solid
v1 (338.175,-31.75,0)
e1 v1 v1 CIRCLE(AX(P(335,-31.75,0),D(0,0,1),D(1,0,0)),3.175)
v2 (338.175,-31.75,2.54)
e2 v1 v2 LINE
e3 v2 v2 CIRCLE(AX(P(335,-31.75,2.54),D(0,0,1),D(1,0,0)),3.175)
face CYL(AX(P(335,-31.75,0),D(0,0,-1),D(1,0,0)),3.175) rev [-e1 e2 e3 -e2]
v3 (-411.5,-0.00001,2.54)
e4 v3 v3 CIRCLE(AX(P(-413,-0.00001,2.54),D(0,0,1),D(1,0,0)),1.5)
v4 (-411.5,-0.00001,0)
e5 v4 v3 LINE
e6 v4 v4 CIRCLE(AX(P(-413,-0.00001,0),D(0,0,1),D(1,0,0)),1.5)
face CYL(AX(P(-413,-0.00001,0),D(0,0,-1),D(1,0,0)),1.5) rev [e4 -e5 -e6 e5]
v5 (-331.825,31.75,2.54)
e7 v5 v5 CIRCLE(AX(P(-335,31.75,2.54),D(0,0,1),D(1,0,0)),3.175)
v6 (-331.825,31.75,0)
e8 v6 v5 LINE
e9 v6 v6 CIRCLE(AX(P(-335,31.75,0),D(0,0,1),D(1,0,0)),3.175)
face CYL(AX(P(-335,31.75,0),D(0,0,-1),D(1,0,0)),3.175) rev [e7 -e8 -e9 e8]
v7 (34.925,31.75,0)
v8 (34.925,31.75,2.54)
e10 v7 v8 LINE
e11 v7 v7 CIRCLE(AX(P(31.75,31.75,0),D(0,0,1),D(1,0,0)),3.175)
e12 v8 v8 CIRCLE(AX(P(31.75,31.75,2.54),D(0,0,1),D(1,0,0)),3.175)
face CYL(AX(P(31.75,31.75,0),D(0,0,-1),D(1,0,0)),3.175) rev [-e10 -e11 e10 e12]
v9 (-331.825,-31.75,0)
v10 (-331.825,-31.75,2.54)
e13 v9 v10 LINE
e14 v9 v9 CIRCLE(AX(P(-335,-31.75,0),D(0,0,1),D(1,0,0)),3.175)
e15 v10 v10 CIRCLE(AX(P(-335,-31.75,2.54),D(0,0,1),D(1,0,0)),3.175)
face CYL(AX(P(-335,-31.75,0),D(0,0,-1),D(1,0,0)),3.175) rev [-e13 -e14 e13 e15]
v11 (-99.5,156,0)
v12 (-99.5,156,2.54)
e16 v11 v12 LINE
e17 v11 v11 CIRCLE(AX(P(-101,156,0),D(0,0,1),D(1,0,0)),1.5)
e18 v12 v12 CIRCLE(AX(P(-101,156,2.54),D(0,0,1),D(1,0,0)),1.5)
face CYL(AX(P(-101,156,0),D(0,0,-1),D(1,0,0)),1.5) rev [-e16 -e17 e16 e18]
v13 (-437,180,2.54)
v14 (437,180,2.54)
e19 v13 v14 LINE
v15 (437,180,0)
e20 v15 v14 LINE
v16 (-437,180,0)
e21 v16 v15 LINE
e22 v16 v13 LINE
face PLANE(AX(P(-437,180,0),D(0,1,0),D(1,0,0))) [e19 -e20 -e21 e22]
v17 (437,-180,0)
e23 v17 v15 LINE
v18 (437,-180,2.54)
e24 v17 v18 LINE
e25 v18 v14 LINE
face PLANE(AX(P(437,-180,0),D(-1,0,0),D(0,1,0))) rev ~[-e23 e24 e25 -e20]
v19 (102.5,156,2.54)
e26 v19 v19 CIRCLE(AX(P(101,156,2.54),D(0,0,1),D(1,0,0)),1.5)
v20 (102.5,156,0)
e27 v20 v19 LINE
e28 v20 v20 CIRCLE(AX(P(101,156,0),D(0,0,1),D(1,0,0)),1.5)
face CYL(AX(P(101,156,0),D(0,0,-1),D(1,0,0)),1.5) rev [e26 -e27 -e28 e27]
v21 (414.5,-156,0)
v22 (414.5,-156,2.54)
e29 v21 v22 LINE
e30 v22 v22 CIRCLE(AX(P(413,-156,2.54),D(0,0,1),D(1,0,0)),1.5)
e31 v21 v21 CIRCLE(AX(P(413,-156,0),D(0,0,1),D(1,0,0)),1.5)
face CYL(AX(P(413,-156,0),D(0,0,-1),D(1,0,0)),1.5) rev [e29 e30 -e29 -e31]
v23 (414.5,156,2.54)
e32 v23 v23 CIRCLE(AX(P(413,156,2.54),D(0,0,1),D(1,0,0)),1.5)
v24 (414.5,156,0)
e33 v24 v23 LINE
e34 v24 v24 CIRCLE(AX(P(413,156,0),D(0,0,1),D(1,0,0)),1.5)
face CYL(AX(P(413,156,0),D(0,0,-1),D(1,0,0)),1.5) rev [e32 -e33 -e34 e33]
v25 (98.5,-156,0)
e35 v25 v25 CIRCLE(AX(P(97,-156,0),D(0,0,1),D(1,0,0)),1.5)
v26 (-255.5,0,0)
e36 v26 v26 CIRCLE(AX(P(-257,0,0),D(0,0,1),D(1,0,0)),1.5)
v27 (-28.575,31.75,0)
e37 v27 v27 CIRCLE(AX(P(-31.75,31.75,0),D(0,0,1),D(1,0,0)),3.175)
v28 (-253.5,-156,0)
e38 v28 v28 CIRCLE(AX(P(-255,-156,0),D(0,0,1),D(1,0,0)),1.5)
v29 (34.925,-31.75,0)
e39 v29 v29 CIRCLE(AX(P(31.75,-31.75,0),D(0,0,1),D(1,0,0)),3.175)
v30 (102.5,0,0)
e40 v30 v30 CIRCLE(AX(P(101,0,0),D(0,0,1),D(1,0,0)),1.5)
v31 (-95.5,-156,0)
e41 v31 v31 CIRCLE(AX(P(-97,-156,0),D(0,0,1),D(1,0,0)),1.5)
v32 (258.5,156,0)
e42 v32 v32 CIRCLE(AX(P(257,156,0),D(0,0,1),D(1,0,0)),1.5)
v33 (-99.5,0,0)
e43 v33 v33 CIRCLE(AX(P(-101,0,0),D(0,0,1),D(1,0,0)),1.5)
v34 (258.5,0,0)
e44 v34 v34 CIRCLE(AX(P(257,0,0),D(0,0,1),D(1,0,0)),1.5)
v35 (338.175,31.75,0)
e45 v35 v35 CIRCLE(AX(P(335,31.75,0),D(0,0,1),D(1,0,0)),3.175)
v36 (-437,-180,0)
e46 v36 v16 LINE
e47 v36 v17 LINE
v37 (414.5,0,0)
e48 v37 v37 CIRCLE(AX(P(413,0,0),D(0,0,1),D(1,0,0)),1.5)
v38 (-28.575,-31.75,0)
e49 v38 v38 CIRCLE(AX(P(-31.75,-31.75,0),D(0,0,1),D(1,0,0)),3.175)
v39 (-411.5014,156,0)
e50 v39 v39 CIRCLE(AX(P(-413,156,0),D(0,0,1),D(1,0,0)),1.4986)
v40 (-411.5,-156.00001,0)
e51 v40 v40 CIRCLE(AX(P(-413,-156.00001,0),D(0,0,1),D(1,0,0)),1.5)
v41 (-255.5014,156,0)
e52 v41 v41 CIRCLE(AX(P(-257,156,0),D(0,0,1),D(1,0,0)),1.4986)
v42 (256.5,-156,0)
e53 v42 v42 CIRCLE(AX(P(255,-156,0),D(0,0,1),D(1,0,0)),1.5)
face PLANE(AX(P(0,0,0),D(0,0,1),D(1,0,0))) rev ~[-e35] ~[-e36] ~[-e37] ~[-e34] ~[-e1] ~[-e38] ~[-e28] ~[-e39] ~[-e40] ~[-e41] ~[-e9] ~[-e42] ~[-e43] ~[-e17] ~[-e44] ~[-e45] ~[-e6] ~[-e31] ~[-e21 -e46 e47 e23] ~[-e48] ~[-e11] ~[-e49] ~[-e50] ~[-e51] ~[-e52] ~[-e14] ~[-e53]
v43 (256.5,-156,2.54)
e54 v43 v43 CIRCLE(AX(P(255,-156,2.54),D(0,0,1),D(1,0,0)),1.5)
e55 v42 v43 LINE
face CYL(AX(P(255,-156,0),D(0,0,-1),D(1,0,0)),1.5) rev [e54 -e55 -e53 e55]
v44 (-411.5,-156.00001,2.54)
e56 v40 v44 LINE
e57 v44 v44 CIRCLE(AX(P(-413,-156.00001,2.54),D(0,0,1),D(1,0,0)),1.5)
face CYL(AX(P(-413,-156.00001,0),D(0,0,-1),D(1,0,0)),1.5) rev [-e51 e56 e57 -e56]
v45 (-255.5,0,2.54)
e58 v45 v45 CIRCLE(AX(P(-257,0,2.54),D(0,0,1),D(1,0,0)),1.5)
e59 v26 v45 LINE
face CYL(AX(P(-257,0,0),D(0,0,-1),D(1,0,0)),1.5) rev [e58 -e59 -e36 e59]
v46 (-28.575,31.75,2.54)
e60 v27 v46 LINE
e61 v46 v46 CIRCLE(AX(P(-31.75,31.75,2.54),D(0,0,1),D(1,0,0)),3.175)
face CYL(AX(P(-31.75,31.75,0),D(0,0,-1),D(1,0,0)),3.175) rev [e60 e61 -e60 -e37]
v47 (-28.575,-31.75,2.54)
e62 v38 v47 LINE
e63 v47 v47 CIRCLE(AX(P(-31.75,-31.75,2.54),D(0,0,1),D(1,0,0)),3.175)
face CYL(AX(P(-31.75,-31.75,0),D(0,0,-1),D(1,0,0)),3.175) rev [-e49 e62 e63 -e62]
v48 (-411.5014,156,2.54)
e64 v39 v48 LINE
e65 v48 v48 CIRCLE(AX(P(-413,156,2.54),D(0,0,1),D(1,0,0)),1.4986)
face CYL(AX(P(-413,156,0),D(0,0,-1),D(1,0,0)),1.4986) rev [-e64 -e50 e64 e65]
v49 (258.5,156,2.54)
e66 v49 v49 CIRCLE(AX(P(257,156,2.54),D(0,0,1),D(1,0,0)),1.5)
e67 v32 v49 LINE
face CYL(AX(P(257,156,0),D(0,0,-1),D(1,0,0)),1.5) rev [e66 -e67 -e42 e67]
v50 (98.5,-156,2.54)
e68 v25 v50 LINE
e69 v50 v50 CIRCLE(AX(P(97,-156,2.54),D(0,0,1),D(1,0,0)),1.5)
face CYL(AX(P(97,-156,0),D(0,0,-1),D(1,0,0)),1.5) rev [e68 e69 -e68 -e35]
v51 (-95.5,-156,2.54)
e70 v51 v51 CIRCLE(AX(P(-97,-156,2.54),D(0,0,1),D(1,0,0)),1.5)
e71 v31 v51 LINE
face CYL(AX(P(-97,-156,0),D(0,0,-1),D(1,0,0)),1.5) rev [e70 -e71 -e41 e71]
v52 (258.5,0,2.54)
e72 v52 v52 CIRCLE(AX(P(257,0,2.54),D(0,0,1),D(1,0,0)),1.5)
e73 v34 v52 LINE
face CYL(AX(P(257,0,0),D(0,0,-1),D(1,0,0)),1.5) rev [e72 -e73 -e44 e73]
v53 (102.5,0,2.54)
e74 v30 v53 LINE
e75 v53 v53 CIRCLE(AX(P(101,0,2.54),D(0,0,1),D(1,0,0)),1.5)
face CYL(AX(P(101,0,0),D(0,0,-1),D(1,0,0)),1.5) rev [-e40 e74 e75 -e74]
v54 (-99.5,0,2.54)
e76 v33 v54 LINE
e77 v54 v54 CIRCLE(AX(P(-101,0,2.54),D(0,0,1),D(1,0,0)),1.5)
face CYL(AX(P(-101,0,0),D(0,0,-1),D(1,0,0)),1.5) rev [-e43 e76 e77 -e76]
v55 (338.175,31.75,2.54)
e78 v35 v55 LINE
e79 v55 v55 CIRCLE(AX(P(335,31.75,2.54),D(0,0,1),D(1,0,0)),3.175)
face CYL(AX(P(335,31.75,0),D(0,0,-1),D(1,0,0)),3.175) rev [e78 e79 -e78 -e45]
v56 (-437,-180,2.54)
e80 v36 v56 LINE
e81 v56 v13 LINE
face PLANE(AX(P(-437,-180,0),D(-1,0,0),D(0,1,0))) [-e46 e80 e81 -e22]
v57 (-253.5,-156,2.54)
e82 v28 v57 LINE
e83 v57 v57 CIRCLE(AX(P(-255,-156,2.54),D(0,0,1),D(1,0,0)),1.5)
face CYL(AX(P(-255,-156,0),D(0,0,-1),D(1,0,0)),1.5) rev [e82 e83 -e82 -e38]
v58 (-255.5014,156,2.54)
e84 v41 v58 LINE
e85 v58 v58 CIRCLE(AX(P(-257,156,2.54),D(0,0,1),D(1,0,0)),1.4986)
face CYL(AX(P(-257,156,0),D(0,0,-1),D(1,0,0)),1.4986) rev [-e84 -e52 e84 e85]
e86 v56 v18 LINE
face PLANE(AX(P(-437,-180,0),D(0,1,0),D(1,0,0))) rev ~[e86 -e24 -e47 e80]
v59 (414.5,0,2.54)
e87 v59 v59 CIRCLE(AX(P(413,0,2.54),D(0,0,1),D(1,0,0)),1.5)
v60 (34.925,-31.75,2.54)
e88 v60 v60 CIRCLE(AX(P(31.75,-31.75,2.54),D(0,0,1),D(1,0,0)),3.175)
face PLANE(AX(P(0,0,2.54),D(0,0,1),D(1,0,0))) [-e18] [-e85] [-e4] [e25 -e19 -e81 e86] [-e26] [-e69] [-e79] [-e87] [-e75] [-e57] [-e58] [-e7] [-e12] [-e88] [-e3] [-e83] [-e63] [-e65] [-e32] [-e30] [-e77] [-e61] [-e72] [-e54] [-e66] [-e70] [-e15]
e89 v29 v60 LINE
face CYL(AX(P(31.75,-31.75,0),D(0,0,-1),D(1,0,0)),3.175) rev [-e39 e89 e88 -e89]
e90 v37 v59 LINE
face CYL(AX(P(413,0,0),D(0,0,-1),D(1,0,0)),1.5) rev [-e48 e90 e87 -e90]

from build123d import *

# Parameters (mm, degrees)
SKETCH_W   = 874
SKETCH_H   = 360
SKETCH_R   = 1.5
SKETCH_R_2 = 3.175
SKETCH_R_3 = 1.4986
PAD_DEPTH  = 2.54


with BuildPart() as part:
    # Sketch → Pad (new body)
    with BuildSketch(Plane.XY):
        Rectangle(SKETCH_W, SKETCH_H)
        with Locations((-413, -1e-05)):
            Circle(SKETCH_R, mode=Mode.SUBTRACT)
        with Locations((-413, -156.00001)):
            Circle(SKETCH_R, mode=Mode.SUBTRACT)
        with Locations((-335, 31.75)):
            Circle(SKETCH_R_2, mode=Mode.SUBTRACT)
        with Locations((-257, 156)):
            Circle(SKETCH_R_3, mode=Mode.SUBTRACT)
        with Locations((-335, -31.75)):
            Circle(SKETCH_R_2, mode=Mode.SUBTRACT)
        with Locations((-257, 0)):
            Circle(SKETCH_R, mode=Mode.SUBTRACT)
        with Locations((-255, -156)):
            Circle(SKETCH_R, mode=Mode.SUBTRACT)
        with Locations((-101, 156)):
            Circle(SKETCH_R, mode=Mode.SUBTRACT)
        with Locations((-101, 0)):
            Circle(SKETCH_R, mode=Mode.SUBTRACT)
        with Locations((-97, -156)):
            Circle(SKETCH_R, mode=Mode.SUBTRACT)
        with Locations((413, 156)):
            Circle(SKETCH_R, mode=Mode.SUBTRACT)
        with Locations((413, 0)):
            Circle(SKETCH_R, mode=Mode.SUBTRACT)
        with Locations((413, -156)):
            Circle(SKETCH_R, mode=Mode.SUBTRACT)
        with Locations((335, 31.75)):
            Circle(SKETCH_R_2, mode=Mode.SUBTRACT)
        with Locations((257, 156)):
            Circle(SKETCH_R, mode=Mode.SUBTRACT)
        with Locations((335, -31.75)):
            Circle(SKETCH_R_2, mode=Mode.SUBTRACT)
        with Locations((257, 0)):
            Circle(SKETCH_R, mode=Mode.SUBTRACT)
        with Locations((255, -156)):
            Circle(SKETCH_R, mode=Mode.SUBTRACT)
        with Locations((101, 156)):
            Circle(SKETCH_R, mode=Mode.SUBTRACT)
        with Locations((101, 0)):
            Circle(SKETCH_R, mode=Mode.SUBTRACT)
        with Locations((97, -156)):
            Circle(SKETCH_R, mode=Mode.SUBTRACT)
        with Locations((-31.75, 31.75)):
            Circle(SKETCH_R_2, mode=Mode.SUBTRACT)
        with Locations((-31.75, -31.75)):
            Circle(SKETCH_R_2, mode=Mode.SUBTRACT)
        with Locations((31.75, 31.75)):
            Circle(SKETCH_R_2, mode=Mode.SUBTRACT)
        with Locations((31.75, -31.75)):
            Circle(SKETCH_R_2, mode=Mode.SUBTRACT)
        with Locations((-413, 156)):
            Circle(SKETCH_R_3, mode=Mode.SUBTRACT)
    extrude(amount=PAD_DEPTH)


solid = part.part
